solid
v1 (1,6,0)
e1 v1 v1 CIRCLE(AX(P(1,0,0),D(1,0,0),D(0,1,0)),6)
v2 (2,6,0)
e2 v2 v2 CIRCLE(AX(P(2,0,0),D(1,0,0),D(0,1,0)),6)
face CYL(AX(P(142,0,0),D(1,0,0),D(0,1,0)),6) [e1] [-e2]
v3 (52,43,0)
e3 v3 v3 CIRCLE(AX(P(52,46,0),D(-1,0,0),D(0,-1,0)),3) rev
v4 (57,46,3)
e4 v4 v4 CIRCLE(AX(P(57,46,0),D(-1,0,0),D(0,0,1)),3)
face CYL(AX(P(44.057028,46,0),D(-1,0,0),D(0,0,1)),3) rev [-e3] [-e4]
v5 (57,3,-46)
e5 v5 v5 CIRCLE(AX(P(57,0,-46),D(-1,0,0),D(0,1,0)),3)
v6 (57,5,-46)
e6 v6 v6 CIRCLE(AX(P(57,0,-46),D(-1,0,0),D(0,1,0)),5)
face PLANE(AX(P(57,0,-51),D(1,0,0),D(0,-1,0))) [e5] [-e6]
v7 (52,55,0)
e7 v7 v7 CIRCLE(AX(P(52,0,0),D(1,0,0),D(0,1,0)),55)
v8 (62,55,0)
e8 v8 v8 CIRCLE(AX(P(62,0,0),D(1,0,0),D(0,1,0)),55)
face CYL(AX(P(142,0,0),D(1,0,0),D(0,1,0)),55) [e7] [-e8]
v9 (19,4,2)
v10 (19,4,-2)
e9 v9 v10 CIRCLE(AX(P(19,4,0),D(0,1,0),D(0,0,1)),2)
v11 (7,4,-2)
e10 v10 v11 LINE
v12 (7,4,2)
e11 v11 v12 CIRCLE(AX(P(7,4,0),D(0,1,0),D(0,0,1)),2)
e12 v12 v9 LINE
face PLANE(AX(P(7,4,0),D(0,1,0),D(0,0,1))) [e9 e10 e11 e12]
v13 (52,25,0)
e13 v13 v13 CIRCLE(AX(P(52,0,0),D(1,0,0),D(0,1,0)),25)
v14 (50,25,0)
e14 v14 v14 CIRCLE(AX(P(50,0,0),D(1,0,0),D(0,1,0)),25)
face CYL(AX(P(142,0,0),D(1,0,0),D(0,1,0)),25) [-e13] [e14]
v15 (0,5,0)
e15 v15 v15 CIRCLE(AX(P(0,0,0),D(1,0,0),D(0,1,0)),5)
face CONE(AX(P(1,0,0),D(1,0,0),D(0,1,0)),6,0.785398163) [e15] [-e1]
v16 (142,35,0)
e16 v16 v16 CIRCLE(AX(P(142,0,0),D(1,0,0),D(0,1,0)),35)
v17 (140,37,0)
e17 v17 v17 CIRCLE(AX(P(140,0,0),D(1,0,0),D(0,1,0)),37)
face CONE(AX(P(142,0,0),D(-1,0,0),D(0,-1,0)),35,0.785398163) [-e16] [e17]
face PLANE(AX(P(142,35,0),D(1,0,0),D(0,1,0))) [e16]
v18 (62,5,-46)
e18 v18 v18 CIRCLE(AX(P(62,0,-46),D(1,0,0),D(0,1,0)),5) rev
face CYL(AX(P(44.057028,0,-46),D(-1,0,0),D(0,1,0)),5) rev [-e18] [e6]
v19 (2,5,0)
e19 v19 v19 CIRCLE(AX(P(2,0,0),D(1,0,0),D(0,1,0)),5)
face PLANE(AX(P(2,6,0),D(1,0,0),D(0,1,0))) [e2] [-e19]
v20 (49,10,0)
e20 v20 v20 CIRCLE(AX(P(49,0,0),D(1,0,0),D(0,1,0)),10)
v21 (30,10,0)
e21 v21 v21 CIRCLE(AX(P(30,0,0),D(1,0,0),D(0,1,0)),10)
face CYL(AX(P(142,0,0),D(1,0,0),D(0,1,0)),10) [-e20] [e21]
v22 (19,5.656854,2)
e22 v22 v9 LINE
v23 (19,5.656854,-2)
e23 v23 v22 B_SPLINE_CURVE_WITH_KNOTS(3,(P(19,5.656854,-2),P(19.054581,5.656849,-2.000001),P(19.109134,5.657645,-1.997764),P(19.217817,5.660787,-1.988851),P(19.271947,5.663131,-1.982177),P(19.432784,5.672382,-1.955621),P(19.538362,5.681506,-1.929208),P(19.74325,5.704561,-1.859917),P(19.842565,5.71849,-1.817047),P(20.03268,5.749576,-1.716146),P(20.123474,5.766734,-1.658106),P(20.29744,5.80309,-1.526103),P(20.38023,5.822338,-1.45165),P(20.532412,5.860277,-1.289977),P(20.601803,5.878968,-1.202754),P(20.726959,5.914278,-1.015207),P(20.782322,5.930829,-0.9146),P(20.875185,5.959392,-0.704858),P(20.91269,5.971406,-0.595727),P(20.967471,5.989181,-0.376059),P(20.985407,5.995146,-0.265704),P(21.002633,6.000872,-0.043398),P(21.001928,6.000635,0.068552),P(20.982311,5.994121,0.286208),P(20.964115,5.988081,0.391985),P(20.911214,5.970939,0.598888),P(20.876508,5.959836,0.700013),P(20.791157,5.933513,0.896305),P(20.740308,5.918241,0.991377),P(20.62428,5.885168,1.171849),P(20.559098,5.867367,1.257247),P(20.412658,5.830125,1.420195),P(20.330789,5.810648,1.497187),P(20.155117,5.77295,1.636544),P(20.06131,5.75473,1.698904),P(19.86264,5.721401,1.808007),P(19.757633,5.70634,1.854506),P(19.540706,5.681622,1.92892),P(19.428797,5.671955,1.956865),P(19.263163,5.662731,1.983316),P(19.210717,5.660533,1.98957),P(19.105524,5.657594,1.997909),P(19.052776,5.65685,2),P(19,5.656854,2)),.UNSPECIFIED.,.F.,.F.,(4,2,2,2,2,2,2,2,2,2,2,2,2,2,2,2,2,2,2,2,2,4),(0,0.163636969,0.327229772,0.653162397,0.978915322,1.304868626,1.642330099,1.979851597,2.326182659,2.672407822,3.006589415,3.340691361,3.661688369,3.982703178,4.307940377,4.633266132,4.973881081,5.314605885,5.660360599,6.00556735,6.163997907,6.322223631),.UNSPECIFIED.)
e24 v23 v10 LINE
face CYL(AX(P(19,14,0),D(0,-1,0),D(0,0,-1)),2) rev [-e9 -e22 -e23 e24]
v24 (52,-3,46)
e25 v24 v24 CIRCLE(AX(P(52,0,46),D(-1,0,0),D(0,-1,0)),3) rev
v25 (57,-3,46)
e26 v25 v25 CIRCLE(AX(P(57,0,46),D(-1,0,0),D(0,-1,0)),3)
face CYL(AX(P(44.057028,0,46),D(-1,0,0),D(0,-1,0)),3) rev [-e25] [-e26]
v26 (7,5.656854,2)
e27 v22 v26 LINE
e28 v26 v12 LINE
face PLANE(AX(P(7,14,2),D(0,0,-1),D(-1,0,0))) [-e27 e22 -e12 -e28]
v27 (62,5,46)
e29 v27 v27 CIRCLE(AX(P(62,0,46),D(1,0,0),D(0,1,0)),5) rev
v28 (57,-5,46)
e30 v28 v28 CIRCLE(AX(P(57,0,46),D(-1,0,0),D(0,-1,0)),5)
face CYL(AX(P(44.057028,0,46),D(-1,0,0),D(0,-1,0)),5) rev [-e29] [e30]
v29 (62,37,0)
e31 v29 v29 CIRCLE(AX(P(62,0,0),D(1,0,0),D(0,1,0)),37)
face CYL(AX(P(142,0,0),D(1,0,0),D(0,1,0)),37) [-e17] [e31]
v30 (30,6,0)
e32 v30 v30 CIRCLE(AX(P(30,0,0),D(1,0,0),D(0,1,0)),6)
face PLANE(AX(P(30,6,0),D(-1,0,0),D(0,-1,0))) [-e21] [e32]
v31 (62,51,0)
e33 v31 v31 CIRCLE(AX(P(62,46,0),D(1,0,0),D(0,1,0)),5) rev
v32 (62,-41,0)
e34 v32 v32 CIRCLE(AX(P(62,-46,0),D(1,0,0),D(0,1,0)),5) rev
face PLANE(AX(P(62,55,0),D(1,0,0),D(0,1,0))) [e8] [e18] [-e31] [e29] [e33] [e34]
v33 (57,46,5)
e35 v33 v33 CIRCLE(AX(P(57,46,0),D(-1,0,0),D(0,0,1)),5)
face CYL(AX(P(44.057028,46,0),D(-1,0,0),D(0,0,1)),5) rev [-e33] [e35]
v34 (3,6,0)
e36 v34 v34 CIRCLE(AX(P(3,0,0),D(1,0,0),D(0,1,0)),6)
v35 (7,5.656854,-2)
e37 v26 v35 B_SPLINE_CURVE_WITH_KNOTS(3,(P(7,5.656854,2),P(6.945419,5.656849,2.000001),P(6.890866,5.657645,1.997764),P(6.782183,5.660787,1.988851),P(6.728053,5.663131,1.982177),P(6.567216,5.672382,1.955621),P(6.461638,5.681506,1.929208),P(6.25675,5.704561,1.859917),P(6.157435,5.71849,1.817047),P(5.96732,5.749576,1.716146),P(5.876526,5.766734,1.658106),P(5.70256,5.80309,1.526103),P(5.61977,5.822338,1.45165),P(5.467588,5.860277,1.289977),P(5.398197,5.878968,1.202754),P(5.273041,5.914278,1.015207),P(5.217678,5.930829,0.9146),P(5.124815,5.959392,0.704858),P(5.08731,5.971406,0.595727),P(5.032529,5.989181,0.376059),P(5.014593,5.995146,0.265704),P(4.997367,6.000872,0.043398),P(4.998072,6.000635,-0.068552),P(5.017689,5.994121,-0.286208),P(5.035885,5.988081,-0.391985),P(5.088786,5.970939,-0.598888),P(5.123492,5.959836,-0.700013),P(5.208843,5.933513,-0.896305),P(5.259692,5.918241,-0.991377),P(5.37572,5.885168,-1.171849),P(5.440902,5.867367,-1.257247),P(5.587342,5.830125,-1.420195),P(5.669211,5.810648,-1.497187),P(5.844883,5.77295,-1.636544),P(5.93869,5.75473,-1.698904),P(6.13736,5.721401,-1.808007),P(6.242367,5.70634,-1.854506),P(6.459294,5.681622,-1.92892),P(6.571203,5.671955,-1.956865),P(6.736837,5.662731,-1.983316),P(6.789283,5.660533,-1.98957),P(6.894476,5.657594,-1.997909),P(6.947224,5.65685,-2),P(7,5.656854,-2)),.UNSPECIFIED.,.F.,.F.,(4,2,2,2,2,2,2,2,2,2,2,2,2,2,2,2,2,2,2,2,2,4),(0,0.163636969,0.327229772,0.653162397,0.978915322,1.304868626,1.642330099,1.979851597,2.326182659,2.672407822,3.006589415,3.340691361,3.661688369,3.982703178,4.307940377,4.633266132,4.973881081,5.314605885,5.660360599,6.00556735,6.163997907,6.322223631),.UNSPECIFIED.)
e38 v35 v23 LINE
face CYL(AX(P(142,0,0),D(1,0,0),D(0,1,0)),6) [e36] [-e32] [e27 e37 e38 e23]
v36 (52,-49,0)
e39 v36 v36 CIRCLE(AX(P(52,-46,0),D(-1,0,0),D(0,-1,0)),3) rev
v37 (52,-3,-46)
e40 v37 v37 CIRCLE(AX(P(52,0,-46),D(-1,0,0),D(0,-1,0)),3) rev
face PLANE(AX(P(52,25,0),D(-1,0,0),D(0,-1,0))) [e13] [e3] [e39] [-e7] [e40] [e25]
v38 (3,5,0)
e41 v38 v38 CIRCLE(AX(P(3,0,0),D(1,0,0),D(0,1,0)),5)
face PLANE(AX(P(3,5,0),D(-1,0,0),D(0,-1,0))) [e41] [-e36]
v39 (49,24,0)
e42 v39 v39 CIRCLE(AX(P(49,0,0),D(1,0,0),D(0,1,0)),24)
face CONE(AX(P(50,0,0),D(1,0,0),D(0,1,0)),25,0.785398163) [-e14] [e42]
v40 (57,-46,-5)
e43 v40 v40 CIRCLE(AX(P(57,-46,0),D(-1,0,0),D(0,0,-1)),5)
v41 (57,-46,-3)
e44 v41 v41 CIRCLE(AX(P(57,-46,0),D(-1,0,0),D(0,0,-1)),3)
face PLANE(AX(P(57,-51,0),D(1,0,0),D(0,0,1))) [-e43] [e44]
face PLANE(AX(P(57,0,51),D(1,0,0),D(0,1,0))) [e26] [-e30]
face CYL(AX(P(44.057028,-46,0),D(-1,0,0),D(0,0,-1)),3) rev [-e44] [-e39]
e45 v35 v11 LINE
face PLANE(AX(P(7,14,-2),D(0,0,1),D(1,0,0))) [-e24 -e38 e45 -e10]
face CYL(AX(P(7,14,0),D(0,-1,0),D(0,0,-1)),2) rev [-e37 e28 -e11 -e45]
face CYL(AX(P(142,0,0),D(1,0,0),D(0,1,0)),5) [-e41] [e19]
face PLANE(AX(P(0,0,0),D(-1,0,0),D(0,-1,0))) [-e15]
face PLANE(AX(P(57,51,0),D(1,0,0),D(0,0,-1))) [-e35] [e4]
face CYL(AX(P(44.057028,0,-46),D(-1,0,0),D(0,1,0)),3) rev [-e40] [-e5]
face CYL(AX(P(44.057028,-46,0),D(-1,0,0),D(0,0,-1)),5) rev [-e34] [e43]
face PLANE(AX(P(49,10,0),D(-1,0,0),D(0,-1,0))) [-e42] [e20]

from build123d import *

# Parameters (mm, degrees)
R_P_TITION_CIRCULAIRE1_COUNT = 4
ENL_V_MAT_EXTRU_1_DEPTH      = 10


with BuildPart() as part:
    # Esquisse1 → Révolution1 (revolve)
    with BuildSketch(Plane.XY):
        Polygon((0, 0), (0, 5), (1, 6), (2, 6), (2, 5), (3, 5), (3, 6), (30, 6), (30, 10), (49, 10), (49, 24), (50, 25), (52, 25), (52, 55), (62, 55), (62, 37), (140, 37), (142, 35), (142, 0), align=None)
    revolve(axis=Axis((142, 0, 0), (-1, 0, 0)))

    # Esquisse2 → Enlèvement de matière-Révolution1 (revolve, cut)
    with BuildSketch(Plane.XY, mode=Mode.PRIVATE) as enl_vement_de_mati_re_r_volution1_sk:
        Polygon((44.05702844, 46), (69.730898062, 46), (69.730898062, 51), (57, 51), (57, 49), (44.05702844, 49), align=None)
    enl_vement_de_mati_re_r_volution1 = revolve(enl_vement_de_mati_re_r_volution1_sk.sketch.rotate(Axis((44.05702844, 46, 0), (1, 0, 0)), 90), axis=Axis((44.05702844, 46, 0), (1, 0, 0)), mode=Mode.SUBTRACT)  # turned: the seam where the file's is

    # Répétition circulaire1: Enlèvement de matière-Révolution1 ×4 about axis
    r_p_tition_circulaire1_axis = Axis((0, 0, 0), (1, 0, 0))
    for i in range(1, R_P_TITION_CIRCULAIRE1_COUNT):
        add(enl_vement_de_mati_re_r_volution1.rotate(r_p_tition_circulaire1_axis, i * 360 / R_P_TITION_CIRCULAIRE1_COUNT), mode=Mode.SUBTRACT)

    # Esquisse3 → Enlèv. mat.-Extru.1 (cut)
    with BuildSketch(Plane(origin=(0, 4, 0), x_dir=(1, 0, 0), z_dir=(0, 1, 0))):
        with BuildLine():
            Line((7, 2), (19, 2))
            ThreePointArc((19, 2), (21, 0), (19, -2))
            Line((19, -2), (7, -2))
            ThreePointArc((7, -2), (5, 0), (7, 2))
        make_face()
    extrude(amount=ENL_V_MAT_EXTRU_1_DEPTH, mode=Mode.SUBTRACT)


solid = part.part
